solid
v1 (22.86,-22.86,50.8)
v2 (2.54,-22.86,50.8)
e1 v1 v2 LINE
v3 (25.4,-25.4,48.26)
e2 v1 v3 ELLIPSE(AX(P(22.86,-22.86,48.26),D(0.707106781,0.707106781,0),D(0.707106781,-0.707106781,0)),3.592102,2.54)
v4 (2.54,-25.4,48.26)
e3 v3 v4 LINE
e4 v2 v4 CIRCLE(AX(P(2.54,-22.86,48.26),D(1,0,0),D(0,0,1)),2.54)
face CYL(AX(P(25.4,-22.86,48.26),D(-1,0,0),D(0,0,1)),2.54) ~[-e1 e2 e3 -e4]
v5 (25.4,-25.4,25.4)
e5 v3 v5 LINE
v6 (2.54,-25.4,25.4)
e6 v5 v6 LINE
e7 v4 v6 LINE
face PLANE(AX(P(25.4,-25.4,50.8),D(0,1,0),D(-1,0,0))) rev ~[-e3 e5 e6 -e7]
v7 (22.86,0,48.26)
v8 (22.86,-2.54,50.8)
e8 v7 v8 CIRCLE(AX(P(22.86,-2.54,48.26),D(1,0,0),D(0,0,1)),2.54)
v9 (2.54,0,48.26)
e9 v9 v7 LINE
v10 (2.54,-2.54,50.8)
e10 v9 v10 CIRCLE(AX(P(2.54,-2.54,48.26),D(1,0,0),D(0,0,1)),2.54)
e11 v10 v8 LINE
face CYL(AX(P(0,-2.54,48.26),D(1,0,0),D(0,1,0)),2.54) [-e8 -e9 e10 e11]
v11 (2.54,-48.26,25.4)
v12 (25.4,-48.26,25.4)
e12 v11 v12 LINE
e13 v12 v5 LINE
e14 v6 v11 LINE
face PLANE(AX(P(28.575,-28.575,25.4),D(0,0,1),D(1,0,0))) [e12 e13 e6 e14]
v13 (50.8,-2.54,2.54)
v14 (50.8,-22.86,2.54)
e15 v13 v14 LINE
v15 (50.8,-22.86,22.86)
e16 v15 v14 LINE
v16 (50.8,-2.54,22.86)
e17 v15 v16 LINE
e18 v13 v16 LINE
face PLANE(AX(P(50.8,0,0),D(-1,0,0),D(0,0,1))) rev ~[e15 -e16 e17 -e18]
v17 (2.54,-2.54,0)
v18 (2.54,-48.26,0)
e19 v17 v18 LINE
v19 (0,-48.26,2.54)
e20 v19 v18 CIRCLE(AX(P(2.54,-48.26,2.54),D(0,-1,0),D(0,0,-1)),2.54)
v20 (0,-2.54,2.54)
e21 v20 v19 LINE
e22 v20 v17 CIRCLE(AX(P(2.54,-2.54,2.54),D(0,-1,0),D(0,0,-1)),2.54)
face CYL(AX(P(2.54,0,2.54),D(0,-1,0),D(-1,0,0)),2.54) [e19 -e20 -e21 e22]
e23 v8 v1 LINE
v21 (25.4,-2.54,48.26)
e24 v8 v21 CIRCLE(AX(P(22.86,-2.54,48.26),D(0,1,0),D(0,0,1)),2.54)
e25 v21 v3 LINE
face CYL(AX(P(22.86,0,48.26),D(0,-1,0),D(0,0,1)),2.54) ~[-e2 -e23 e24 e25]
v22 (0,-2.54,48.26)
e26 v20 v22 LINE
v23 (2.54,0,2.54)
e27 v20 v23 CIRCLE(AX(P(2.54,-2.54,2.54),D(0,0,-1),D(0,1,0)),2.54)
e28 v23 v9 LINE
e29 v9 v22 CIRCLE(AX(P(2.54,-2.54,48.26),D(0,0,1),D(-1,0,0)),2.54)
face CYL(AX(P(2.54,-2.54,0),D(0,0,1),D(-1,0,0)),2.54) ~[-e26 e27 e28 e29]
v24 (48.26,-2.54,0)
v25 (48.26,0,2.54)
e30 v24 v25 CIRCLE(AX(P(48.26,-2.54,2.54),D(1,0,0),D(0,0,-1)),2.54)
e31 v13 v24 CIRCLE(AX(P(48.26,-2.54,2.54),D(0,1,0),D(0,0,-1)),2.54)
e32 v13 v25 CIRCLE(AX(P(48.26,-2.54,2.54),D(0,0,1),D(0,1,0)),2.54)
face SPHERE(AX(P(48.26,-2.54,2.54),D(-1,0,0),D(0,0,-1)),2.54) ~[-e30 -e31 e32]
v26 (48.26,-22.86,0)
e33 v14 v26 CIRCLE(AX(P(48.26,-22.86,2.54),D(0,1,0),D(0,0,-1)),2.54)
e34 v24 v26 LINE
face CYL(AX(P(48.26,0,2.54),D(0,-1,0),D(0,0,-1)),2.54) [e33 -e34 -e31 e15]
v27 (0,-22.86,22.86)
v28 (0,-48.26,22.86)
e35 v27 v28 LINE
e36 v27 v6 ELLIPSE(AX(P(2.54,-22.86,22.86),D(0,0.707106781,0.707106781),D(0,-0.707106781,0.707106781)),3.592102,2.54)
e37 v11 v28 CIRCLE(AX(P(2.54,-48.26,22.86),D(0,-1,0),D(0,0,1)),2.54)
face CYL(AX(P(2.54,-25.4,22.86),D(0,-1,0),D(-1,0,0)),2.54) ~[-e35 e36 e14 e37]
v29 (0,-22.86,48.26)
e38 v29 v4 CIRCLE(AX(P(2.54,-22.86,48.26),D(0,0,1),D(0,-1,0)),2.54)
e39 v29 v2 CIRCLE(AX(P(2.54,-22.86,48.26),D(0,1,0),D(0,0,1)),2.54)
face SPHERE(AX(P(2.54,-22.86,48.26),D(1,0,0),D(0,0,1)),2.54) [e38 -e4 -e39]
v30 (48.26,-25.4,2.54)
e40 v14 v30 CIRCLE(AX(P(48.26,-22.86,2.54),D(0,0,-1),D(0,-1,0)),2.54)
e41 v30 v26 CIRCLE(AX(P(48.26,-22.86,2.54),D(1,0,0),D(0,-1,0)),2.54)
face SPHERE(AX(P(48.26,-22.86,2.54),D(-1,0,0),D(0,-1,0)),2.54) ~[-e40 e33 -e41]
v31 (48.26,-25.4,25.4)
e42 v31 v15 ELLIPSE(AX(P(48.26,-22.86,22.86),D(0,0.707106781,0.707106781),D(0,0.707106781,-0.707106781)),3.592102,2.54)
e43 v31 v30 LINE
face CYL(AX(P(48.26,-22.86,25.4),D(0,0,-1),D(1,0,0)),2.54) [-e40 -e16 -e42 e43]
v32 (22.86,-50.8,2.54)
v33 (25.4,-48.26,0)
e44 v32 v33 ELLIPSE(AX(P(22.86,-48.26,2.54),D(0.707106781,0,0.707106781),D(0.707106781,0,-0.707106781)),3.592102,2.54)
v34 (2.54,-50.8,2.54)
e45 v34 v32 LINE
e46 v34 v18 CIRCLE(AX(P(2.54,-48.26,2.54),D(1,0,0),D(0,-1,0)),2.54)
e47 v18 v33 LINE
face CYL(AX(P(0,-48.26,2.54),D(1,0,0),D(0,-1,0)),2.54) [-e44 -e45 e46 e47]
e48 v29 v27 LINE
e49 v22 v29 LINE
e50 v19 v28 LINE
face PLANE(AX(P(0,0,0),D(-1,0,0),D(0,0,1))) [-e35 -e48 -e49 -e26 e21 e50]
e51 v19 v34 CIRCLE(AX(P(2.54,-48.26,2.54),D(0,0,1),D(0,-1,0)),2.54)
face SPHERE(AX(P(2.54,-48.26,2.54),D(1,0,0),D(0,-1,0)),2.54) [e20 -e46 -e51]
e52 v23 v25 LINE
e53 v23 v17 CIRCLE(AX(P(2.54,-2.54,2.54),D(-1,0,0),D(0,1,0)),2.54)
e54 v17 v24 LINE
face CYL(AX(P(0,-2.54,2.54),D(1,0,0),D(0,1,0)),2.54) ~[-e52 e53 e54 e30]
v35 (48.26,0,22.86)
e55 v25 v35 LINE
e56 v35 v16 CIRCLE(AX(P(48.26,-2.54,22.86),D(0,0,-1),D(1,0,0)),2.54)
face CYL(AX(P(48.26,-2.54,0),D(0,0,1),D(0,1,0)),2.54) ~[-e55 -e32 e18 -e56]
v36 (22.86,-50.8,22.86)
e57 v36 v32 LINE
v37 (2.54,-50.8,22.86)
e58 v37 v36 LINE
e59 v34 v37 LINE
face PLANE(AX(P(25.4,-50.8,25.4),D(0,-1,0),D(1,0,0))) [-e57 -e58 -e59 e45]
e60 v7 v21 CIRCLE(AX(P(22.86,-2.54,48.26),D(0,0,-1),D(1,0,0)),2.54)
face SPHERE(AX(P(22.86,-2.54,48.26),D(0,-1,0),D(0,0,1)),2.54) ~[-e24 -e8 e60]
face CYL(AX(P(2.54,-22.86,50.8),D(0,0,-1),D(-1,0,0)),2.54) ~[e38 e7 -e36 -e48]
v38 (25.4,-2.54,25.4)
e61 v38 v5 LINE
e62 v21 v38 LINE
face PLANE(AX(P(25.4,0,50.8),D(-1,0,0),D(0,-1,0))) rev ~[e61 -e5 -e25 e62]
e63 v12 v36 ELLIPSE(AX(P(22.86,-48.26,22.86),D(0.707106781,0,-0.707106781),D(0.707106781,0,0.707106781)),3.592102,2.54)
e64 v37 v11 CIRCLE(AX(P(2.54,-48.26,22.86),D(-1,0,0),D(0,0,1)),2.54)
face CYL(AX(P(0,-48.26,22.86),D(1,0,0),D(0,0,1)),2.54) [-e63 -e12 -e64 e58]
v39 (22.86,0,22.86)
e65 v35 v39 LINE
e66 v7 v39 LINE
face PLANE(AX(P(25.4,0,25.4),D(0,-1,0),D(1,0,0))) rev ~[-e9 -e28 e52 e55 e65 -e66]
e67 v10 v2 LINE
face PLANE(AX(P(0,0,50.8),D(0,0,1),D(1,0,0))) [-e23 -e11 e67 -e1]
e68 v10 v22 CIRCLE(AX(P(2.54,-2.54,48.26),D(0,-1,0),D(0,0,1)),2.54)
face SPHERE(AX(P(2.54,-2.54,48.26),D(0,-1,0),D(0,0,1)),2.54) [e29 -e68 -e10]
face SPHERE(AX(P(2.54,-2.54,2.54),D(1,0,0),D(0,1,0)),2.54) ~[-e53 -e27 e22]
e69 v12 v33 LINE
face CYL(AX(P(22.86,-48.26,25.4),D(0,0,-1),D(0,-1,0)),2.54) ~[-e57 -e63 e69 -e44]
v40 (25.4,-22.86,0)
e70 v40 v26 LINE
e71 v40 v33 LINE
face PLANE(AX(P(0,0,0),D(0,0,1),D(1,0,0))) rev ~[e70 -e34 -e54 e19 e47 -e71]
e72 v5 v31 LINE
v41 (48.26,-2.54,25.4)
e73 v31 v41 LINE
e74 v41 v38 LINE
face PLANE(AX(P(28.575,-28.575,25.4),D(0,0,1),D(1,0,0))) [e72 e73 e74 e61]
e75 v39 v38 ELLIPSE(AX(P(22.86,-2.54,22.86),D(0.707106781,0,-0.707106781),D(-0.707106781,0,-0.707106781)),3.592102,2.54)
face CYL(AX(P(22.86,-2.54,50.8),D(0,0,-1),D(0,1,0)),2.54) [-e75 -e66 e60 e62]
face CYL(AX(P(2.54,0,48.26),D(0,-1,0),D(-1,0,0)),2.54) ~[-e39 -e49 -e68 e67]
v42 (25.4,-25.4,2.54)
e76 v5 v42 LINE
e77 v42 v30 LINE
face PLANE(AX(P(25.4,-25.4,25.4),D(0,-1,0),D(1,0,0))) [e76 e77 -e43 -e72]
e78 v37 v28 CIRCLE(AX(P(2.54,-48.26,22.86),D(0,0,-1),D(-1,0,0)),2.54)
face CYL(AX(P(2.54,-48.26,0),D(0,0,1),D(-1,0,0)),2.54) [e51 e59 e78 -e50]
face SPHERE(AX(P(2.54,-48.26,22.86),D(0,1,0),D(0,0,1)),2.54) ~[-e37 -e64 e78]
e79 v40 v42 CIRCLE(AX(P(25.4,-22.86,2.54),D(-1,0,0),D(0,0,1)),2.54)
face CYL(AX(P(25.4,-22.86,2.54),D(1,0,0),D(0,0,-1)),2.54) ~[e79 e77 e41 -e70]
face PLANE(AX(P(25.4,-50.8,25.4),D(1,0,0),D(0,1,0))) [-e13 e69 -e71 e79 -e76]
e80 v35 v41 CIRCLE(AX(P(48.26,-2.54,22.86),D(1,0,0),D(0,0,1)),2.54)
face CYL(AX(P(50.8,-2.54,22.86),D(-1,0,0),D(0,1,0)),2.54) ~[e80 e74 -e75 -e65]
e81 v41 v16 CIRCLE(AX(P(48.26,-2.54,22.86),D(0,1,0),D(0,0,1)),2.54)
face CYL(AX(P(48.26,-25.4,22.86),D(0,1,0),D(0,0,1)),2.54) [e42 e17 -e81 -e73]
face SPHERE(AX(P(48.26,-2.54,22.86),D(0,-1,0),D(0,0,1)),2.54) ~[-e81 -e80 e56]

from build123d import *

# Parameters (mm, degrees)
F0_W     = 50.8
F0_H     = 50.8
F1_DEPTH = 50.8
F3_DEPTH = 25.4
F4_W     = 25.4
F4_H     = 25.4
F5_DEPTH = 25.4
F6_R     = 2.54


with BuildPart() as f1:
    # F0 (on Front) → F1 (new body)
    with BuildSketch(Plane.XZ):
        with Locations((25.4, 25.4)):
            Rectangle(F0_W, F0_H)
    extrude(amount=F1_DEPTH)

    # F2 (on face) → F3 (cut)
    with BuildSketch(Plane.XY.offset(50.8)):
        Polygon((50.8, 0), (25.4, 0), (25.4, -25.4), (0, -25.4), (0, -50.8), (50.8, -50.8), align=None)
    extrude(amount=-F3_DEPTH, mode=Mode.SUBTRACT)

    # F4 (on face) → F5 (cut)
    with BuildSketch(Plane.XY.offset(25.4)):
        with Locations((38.1, -38.1)):
            Rectangle(F4_W, F4_H)
    extrude(amount=-F5_DEPTH, mode=Mode.SUBTRACT)

    # F6
    f6_edges = [f1.edges().sort_by_distance(p)[0] for p in [
        (50.8, -12.7, 25.4),
        (0, -38.1, 25.4),
        (25.4, -12.7, 50.8),
        (12.7, -25.4, 50.8),
        (0, -12.7, 50.8),
        (12.7, 0, 50.8),
        (38.1, 0, 25.4),
        (25.4, 0, 38.1),
        (12.7, -50.8, 25.4),
        (12.7, -50.8, 0),
        (38.1, -25.4, 0),
        (50.8, -25.4, 12.7),
        (25.4, -50.8, 12.7),
        (0, -50.8, 12.7),
        (25.4, 0, 0),
        (50.8, -12.7, 0),
        (0, 0, 25.4),
        (0, -25.4, 0),
        (50.8, 0, 12.7),
        (0, -25.4, 38.1),
    ]]
    fillet(f6_edges, radius=F6_R)


solid = f1.part
